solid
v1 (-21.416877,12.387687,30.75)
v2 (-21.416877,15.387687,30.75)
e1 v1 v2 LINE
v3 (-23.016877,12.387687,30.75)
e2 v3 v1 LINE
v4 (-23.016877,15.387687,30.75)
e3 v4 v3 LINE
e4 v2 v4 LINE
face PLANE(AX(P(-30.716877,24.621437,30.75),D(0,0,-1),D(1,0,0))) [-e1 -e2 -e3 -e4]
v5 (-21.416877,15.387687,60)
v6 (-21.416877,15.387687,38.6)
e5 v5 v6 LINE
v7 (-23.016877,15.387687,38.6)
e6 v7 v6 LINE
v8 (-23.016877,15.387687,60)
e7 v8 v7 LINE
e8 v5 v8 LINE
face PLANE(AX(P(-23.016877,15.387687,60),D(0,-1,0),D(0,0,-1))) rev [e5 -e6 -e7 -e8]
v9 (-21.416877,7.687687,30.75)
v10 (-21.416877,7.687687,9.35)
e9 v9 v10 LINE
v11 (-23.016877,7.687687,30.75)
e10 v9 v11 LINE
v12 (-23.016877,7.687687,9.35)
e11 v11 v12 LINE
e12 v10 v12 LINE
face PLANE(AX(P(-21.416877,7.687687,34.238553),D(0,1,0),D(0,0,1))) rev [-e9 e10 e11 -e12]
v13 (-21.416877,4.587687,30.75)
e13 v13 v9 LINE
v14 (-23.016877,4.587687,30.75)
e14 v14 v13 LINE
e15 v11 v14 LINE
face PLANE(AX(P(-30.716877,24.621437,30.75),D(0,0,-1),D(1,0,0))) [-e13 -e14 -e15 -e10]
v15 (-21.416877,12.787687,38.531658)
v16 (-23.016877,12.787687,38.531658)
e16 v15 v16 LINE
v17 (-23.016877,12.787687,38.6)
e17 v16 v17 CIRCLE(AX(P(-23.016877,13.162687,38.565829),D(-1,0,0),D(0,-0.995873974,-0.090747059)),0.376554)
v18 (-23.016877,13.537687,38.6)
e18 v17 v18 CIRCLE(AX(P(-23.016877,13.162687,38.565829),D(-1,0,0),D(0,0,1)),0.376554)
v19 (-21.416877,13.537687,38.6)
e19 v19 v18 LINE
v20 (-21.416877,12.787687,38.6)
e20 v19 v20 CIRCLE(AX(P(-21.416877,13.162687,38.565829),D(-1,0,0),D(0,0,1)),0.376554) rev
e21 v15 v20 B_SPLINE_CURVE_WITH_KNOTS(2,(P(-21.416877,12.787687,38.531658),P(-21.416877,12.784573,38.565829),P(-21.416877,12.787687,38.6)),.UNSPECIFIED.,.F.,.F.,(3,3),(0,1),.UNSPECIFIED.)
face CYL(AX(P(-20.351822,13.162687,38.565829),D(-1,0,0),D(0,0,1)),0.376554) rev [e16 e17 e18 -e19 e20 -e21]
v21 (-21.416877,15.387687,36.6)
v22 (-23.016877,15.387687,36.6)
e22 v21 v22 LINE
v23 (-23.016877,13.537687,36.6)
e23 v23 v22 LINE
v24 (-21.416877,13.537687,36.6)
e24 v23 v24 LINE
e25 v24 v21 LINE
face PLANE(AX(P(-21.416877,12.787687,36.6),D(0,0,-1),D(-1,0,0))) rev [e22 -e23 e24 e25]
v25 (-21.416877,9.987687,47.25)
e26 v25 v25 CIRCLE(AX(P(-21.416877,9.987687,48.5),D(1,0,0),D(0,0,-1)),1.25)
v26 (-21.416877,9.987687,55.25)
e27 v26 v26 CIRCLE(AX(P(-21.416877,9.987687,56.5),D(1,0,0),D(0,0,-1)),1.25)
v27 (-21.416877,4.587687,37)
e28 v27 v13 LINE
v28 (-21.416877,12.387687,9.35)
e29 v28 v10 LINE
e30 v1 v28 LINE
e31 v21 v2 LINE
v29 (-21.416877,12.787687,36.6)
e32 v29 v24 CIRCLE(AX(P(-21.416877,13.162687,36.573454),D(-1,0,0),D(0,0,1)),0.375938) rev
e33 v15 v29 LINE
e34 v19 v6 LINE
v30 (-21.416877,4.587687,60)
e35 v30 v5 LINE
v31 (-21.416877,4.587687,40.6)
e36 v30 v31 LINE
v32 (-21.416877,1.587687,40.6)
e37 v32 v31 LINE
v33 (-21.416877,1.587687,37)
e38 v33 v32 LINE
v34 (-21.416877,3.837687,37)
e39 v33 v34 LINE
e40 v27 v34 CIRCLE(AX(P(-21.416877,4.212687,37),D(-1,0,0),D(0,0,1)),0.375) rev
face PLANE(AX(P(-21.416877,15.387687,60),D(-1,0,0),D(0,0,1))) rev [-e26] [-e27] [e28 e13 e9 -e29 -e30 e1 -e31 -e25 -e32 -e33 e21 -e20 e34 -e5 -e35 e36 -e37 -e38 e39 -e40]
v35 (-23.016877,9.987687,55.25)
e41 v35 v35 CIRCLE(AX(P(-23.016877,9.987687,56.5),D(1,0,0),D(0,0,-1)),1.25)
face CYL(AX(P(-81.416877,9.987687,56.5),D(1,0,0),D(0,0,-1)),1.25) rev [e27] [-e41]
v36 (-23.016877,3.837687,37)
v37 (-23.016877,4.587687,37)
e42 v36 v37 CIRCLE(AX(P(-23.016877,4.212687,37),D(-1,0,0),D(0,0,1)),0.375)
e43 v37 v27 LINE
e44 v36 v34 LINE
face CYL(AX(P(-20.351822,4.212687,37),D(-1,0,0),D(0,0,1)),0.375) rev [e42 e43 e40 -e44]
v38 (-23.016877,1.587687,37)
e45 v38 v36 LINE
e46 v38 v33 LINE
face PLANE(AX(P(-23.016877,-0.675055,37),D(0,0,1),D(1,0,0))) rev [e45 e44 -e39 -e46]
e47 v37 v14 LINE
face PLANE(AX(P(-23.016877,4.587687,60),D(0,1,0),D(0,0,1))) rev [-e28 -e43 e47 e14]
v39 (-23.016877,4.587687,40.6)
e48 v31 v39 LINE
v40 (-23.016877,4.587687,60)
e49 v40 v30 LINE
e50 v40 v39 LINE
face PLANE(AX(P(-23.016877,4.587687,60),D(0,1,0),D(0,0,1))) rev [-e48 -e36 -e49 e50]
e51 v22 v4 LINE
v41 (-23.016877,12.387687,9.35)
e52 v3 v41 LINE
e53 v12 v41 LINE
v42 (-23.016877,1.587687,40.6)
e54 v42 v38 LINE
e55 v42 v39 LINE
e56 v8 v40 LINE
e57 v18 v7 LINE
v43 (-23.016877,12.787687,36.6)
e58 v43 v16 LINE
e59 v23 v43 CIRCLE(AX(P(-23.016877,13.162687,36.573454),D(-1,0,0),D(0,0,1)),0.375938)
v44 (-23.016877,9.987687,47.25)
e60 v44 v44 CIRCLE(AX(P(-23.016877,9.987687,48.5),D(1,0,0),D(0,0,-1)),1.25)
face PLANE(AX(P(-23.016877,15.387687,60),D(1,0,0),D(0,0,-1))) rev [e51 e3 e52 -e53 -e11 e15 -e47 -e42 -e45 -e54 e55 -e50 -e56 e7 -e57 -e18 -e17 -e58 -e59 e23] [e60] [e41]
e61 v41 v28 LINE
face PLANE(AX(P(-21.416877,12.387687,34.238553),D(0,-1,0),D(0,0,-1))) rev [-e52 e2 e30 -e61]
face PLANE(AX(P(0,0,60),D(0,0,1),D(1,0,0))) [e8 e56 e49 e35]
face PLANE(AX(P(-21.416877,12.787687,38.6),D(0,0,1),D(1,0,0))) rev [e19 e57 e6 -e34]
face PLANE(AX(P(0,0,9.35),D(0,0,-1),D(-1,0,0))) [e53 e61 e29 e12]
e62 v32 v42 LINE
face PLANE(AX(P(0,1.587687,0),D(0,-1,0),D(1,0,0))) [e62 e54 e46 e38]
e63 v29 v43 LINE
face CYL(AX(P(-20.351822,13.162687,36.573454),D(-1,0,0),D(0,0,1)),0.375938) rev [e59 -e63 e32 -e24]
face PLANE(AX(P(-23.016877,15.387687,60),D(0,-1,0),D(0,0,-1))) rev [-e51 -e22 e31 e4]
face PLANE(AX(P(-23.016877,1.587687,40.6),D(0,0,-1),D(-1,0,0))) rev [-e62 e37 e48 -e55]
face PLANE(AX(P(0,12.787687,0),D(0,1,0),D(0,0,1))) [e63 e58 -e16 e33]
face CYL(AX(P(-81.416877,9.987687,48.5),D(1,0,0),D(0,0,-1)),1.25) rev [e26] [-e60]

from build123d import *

# Parameters (mm, degrees)
SZKIC1_W                    = 1.6
SZKIC1_H                    = 10.8
DODANIE_WYCI_GNI_CIE1_DEPTH = 60
SZKIC2_R                    = 1.25
WYTNIJ_WYCI_GNI_CIE1_DEPTH  = 60
SZKIC3_W                    = 1.6
SZKIC3_H                    = 2
WYTNIJ_WYCI_GNI_CIE2_DEPTH  = 2.6
SZKIC4_W                    = 1.6
SZKIC4_H                    = 2
DODANIE_WYCI_GNI_CIE2_DEPTH = 3
WYTNIJ_WYCI_GNI_CIE3_START  = -30.75
SZKIC6_W                    = 1.6
SZKIC6_H                    = 3
SZKIC6_H_2                  = 3.1
WYTNIJ_WYCI_GNI_CIE3_DEPTH  = 30.75
SZKIC7_W                    = 1.6
SZKIC7_H                    = 4.7
WYTNIJ_WYCI_GNI_CIE4_DEPTH  = 9.35
SZKIC8_W                    = 1.6
SZKIC8_H                    = 1.6
DODANIE_WYCI_GNI_CIE3_DEPTH = 3
SZKIC9_R                    = 0.375
SZKIC9_R_2                  = 0.37655367
SZKIC9_R_3                  = 0.375938448
WYTNIJ_WYCI_GNI_CIE5_DEPTH  = 1.6


with BuildPart() as part:
    # Szkic1 → Dodanie-wyciągnięcie1 (new body)
    with BuildSketch(Plane.XY):
        with Locations((-22.216876634, 9.987687188)):
            Rectangle(SZKIC1_W, SZKIC1_H)
    extrude(amount=DODANIE_WYCI_GNI_CIE1_DEPTH)

    # Szkic2 → Wytnij-wyciągnięcie1 (cut)
    with BuildSketch(Plane(origin=(-21.416876634, 0, 0), x_dir=(0, 0, -1), z_dir=(1, 0, 0))):
        with Locations((-56.5, 9.987687188)):
            Circle(SZKIC2_R)
        with Locations((-48.5, 9.987687188)):
            Circle(SZKIC2_R)
    extrude(amount=-WYTNIJ_WYCI_GNI_CIE1_DEPTH, mode=Mode.SUBTRACT)

    # Szkic3 → Wytnij-wyciągnięcie2 (cut)
    with BuildSketch(Plane(origin=(0, 15.387687188, 0), x_dir=(1, 0, 0), z_dir=(0, 1, 0))):
        with Locations((-22.216876634, -37.6)):
            Rectangle(SZKIC3_W, SZKIC3_H)
    extrude(amount=-WYTNIJ_WYCI_GNI_CIE2_DEPTH, mode=Mode.SUBTRACT)

    # Szkic4 → Dodanie-wyciągnięcie2 (add)
    with BuildSketch(Plane.XZ.offset(-4.587687188)):
        with Locations((-22.216876634, 39.6)):
            Rectangle(SZKIC4_W, SZKIC4_H)
    extrude(amount=DODANIE_WYCI_GNI_CIE2_DEPTH)

    # Szkic6 → Wytnij-wyciągnięcie3 (cut)
    with BuildSketch(Plane(origin=(0, 0, 0), x_dir=(-1, 0, 0), z_dir=(0, 0, -1)).offset(WYTNIJ_WYCI_GNI_CIE3_START)):
        with Locations((22.216876634, 13.887687188)):
            Rectangle(SZKIC6_W, SZKIC6_H)
        with Locations((22.216876634, 6.137687188)):
            Rectangle(SZKIC6_W, SZKIC6_H_2)
    extrude(amount=WYTNIJ_WYCI_GNI_CIE3_DEPTH, mode=Mode.SUBTRACT)

    # Szkic7 → Wytnij-wyciągnięcie4 (cut)
    with BuildSketch(Plane(origin=(0, 0, 0), x_dir=(-1, 0, 0), z_dir=(0, 0, -1))):
        with Locations((22.216876634, 10.037687188)):
            Rectangle(SZKIC7_W, SZKIC7_H)
    extrude(amount=-WYTNIJ_WYCI_GNI_CIE4_DEPTH, mode=Mode.SUBTRACT)

    # Szkic8 → Dodanie-wyciągnięcie3 (add)
    with BuildSketch(Plane.XZ.offset(-4.587687188)):
        with Locations((-22.216876634, 37.8)):
            Rectangle(SZKIC8_W, SZKIC8_H)
    extrude(amount=DODANIE_WYCI_GNI_CIE3_DEPTH)

    # Szkic9 → Wytnij-wyciągnięcie5 (cut)
    with BuildSketch(Plane.ZY.offset(23.016876634)):
        with Locations((37, 4.212687188)):
            Circle(SZKIC9_R)
        with Locations((38.565828862, 13.162687188)):
            Circle(SZKIC9_R_2)
        with Locations((36.573453505, 13.162687188)):
            Circle(SZKIC9_R_3)
    extrude(amount=-WYTNIJ_WYCI_GNI_CIE5_DEPTH, mode=Mode.SUBTRACT)


solid = part.part
